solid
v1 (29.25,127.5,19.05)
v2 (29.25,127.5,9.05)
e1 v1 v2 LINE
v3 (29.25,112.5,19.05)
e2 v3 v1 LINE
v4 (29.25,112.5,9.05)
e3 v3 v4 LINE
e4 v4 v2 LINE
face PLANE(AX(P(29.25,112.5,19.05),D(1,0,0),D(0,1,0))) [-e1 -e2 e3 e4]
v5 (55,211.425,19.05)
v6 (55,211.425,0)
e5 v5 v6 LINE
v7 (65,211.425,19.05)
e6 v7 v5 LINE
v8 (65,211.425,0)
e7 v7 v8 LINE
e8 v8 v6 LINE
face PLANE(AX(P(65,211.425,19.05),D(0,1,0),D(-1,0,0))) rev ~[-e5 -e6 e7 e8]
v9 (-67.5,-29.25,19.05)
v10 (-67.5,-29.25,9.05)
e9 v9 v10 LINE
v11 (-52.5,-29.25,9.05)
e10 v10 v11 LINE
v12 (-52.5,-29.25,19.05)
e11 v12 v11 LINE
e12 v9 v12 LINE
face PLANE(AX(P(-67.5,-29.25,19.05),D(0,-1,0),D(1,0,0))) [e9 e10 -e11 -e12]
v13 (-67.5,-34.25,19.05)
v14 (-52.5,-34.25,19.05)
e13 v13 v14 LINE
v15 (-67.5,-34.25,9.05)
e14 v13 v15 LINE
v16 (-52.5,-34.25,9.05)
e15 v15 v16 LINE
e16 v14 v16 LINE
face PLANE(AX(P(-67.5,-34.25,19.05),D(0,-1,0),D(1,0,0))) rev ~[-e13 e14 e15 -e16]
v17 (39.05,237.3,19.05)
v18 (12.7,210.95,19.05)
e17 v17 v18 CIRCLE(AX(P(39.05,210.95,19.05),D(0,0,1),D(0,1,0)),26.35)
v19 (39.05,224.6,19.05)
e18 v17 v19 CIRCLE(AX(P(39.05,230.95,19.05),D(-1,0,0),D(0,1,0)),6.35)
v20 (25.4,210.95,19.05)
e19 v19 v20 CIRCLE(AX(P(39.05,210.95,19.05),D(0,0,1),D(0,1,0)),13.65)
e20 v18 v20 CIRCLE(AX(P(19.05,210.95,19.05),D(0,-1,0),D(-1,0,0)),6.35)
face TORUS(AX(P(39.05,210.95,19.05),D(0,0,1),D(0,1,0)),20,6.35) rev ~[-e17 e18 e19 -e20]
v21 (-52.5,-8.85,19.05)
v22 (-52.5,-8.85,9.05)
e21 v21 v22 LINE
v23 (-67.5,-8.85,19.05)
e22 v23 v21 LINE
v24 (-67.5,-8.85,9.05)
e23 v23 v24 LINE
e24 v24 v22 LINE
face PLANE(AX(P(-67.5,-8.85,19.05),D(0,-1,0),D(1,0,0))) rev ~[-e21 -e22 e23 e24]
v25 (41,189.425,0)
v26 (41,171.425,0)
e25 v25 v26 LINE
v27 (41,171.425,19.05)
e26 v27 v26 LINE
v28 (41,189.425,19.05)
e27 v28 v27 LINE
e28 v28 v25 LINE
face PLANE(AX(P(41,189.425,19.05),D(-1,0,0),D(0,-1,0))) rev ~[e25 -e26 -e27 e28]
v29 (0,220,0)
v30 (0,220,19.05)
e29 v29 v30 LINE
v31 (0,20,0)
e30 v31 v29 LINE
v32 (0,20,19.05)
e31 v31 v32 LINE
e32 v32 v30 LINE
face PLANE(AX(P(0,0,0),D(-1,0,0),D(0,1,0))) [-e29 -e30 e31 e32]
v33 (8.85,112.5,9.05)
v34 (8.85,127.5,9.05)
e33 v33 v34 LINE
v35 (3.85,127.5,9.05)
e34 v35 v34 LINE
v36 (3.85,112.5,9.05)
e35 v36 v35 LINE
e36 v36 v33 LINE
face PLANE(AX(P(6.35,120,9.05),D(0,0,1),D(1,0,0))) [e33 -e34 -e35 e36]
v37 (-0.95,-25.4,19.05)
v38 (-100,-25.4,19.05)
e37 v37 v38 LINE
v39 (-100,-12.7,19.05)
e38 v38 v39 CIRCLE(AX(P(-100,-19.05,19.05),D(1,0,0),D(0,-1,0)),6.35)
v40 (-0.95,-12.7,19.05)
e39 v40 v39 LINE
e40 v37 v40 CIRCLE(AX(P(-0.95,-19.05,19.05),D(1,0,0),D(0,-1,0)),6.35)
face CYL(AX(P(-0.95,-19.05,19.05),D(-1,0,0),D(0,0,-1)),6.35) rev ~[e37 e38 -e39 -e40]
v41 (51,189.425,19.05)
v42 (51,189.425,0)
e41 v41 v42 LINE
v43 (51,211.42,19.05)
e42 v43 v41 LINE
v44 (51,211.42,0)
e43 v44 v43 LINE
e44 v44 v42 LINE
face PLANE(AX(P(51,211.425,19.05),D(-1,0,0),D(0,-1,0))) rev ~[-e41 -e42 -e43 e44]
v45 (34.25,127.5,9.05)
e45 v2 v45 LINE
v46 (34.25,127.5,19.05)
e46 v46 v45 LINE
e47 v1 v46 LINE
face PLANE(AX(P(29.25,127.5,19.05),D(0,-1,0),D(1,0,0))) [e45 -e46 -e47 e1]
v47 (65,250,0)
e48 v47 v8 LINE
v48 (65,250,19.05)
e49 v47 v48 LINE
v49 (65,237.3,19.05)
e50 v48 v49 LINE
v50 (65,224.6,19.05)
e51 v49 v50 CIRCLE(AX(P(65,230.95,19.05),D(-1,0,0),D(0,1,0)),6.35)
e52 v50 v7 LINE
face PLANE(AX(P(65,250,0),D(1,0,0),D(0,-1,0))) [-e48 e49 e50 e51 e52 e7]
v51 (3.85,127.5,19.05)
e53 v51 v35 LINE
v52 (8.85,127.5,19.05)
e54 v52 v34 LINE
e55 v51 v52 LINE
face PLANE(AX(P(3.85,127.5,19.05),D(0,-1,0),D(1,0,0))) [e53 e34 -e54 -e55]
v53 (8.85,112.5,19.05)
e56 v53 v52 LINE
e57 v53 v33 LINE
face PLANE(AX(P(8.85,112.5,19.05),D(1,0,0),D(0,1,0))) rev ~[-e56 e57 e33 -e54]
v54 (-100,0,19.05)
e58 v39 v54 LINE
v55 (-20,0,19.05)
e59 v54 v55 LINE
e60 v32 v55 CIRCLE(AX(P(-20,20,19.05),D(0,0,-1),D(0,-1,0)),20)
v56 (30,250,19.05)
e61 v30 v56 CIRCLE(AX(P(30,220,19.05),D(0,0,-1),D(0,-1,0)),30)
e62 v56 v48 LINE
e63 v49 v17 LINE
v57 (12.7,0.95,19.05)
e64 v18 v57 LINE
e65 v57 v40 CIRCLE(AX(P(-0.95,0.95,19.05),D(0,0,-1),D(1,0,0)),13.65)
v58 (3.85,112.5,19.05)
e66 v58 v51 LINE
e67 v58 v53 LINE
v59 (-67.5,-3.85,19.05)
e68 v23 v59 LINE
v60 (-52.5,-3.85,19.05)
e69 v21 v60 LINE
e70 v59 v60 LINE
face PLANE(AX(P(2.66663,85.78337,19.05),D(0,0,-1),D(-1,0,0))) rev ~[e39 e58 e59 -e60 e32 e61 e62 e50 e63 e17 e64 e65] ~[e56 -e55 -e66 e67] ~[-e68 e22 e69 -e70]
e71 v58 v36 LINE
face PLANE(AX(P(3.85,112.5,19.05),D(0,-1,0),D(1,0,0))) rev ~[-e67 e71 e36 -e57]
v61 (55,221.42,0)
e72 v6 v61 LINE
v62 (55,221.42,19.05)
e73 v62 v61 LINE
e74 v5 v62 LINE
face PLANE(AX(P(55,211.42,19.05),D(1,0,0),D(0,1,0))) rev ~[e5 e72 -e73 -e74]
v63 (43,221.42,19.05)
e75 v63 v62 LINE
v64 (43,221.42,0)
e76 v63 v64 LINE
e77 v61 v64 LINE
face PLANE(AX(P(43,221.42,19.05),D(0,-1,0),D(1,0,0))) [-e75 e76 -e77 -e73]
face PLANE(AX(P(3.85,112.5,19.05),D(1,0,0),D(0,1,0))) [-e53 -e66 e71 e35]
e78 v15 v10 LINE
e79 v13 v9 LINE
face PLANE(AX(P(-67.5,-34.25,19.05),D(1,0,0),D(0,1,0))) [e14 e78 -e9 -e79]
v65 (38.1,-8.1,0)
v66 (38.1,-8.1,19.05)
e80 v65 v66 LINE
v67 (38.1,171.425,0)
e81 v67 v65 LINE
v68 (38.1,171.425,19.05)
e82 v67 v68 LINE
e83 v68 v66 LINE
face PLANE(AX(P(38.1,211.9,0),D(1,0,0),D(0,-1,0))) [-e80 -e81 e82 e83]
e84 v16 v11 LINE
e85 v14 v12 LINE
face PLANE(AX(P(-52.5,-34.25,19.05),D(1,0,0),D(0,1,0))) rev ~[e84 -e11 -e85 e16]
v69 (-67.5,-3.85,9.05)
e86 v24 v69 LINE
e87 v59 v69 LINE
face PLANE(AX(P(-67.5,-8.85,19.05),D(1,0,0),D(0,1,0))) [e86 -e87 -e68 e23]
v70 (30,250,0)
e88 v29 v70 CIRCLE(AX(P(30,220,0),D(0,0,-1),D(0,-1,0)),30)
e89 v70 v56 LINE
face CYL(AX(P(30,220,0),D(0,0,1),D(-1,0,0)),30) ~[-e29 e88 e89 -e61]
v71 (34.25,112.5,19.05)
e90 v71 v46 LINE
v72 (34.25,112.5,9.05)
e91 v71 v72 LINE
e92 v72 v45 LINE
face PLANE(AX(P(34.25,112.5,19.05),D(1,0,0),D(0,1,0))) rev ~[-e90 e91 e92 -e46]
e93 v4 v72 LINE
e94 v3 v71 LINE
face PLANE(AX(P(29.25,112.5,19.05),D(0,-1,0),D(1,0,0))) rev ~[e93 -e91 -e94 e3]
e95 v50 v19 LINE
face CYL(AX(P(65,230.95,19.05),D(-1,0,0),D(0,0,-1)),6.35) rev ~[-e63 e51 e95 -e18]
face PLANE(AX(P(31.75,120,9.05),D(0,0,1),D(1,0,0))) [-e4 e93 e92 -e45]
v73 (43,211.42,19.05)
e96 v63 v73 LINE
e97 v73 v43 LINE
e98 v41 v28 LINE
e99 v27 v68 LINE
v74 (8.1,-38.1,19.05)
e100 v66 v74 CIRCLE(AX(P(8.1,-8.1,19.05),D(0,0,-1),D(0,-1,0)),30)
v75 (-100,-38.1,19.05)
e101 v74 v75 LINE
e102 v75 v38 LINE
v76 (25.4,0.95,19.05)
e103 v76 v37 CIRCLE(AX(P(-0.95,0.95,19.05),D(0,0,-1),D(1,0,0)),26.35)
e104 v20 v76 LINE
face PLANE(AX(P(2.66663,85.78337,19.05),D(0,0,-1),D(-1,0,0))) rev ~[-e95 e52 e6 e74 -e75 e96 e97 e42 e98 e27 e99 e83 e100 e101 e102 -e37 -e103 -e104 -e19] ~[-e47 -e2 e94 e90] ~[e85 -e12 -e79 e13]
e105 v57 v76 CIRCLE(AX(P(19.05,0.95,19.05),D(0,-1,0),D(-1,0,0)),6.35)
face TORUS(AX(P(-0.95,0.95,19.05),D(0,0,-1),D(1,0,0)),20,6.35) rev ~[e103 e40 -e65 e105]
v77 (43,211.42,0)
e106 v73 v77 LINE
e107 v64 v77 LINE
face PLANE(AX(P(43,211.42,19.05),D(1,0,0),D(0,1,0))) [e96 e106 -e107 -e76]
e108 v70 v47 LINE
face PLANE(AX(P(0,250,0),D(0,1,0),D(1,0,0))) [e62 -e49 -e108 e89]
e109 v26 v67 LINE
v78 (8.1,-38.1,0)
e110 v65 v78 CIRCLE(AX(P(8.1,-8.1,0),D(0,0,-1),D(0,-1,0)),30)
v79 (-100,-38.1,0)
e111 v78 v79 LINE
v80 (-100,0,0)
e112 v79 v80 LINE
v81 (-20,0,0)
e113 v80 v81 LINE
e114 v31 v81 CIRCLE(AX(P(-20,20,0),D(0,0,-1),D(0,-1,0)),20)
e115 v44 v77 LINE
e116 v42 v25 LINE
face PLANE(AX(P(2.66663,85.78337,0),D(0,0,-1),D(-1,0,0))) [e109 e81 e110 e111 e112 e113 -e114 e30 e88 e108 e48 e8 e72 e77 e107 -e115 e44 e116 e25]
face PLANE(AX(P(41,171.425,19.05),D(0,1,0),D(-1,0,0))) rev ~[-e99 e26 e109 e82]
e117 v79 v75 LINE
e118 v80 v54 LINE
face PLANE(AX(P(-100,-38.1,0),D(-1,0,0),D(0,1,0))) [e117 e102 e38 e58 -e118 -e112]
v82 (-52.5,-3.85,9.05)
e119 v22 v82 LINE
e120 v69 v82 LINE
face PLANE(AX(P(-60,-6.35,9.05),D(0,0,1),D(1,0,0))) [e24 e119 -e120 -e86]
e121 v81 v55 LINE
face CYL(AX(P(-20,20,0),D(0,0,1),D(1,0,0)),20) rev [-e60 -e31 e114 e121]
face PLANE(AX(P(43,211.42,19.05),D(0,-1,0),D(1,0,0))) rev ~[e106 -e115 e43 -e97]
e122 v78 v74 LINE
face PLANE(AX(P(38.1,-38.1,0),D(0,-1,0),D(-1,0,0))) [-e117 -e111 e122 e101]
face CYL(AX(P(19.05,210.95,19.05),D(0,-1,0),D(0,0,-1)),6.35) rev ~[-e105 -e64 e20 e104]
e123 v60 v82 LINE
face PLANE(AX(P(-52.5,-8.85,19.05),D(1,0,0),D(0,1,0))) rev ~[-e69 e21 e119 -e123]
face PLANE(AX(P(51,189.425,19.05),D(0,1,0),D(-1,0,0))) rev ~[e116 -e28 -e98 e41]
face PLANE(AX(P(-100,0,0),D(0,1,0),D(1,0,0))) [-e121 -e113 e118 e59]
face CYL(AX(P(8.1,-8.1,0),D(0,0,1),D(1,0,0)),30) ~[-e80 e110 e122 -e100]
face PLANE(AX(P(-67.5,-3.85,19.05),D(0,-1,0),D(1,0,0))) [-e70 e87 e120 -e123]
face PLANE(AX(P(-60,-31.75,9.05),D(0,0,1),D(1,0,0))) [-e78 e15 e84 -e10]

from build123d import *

# Parameters (mm, degrees)
BOSS_EXTRUDE1_DEPTH  = 19.05
FILLET1_R            = 30
FILLET2_R            = 20
BOSS_EXTRUDE3_DEPTH  = 19.05
SKETCH14_W           = 12
SKETCH14_H           = 10
CUT_EXTRUDE1_DEPTH   = 39
CUT_SWEEP1_PROFILE_R = 6.35
SKETCH24_W           = 5
SKETCH24_H           = 15
SKETCH24_W_2         = 15
SKETCH24_H_2         = 5
CUT_EXTRUDE2_DEPTH   = 10


with BuildPart() as part:
    # Sketch1 → Boss-Extrude1 (new body)
    with BuildSketch(Plane.XY):
        Polygon((-100, 0), (0, 0), (0, 250), (65, 250), (65, 211.9), (38.1, 211.9), (38.1, -38.1), (-100, -38.1), align=None)
    extrude(amount=BOSS_EXTRUDE1_DEPTH)

    # Fillet1
    fillet1_edges = [part.edges().sort_by_distance(p)[0] for p in [
        (0, 250, 9.525),
        (38.1, -38.1, 9.525),
    ]]
    fillet(fillet1_edges, radius=FILLET1_R)

    # Fillet2
    fillet2_edges = [part.edges().sort_by_distance(p)[0] for p in [
        (0, 0, 9.525),
    ]]
    fillet(fillet2_edges, radius=FILLET2_R)

    # Sketch13 → Boss-Extrude3 (add)
    with BuildSketch(Plane.XY.offset(19.05)):
        Polygon((55, 221.425), (43, 221.425), (43, 211.425), (51, 211.425), (51, 189.425), (41, 189.425), (41, 171.425), (36.549895251, 171.425), (36.549895251, 223.572995821), (65, 223.572995821), (65, 211.9), (65, 211.425), (55, 211.425), align=None)
    extrude(amount=-BOSS_EXTRUDE3_DEPTH)

    # Sketch14 → Cut-Extrude1 (cut)
    with BuildSketch(Plane.XY.offset(19.05)):
        with Locations((49, 216.42)):
            Rectangle(SKETCH14_W, SKETCH14_H)
    extrude(amount=-CUT_EXTRUDE1_DEPTH, mode=Mode.SUBTRACT)

    # Cut-Sweep1: sweep along a path in Sketch17
    with BuildLine(Plane.XY.offset(19.05)) as cut_sweep1_path:
        Line((65, 230.95), (39.05, 230.95))
        ThreePointArc((39.05, 230.95), (24.907864376, 225.092135624), (19.05, 210.95))
        Line((19.05, 210.95), (19.05, 0.95))
        ThreePointArc((19.05, 0.95), (13.192135624, -13.192135624), (-0.95, -19.05))
        Line((-0.95, -19.05), (-100, -19.05))
    # Cut-Sweep1 profile (on start of the path) → Cut-Sweep1 (sweep, cut)
    with BuildSketch(Plane(origin=(65, 230.95, 19.05), x_dir=(0, 0, -1), z_dir=(-1, 0, 0))):
        Circle(CUT_SWEEP1_PROFILE_R)
    sweep(path=cut_sweep1_path.line, mode=Mode.SUBTRACT)

    # Sketch24 → Cut-Extrude2 (cut)
    with BuildSketch(Plane.XY.offset(19.05)):
        with Locations((6.35, 120)):
            Rectangle(SKETCH24_W, SKETCH24_H)
        with Locations((-60, -6.35)):
            Rectangle(SKETCH24_W_2, SKETCH24_H_2)
        with Locations((31.75, 120)):
            Rectangle(SKETCH24_W, SKETCH24_H)
        with Locations((-60, -31.75)):
            Rectangle(SKETCH24_W_2, SKETCH24_H_2)
    extrude(amount=-CUT_EXTRUDE2_DEPTH, mode=Mode.SUBTRACT)


solid = part.part
